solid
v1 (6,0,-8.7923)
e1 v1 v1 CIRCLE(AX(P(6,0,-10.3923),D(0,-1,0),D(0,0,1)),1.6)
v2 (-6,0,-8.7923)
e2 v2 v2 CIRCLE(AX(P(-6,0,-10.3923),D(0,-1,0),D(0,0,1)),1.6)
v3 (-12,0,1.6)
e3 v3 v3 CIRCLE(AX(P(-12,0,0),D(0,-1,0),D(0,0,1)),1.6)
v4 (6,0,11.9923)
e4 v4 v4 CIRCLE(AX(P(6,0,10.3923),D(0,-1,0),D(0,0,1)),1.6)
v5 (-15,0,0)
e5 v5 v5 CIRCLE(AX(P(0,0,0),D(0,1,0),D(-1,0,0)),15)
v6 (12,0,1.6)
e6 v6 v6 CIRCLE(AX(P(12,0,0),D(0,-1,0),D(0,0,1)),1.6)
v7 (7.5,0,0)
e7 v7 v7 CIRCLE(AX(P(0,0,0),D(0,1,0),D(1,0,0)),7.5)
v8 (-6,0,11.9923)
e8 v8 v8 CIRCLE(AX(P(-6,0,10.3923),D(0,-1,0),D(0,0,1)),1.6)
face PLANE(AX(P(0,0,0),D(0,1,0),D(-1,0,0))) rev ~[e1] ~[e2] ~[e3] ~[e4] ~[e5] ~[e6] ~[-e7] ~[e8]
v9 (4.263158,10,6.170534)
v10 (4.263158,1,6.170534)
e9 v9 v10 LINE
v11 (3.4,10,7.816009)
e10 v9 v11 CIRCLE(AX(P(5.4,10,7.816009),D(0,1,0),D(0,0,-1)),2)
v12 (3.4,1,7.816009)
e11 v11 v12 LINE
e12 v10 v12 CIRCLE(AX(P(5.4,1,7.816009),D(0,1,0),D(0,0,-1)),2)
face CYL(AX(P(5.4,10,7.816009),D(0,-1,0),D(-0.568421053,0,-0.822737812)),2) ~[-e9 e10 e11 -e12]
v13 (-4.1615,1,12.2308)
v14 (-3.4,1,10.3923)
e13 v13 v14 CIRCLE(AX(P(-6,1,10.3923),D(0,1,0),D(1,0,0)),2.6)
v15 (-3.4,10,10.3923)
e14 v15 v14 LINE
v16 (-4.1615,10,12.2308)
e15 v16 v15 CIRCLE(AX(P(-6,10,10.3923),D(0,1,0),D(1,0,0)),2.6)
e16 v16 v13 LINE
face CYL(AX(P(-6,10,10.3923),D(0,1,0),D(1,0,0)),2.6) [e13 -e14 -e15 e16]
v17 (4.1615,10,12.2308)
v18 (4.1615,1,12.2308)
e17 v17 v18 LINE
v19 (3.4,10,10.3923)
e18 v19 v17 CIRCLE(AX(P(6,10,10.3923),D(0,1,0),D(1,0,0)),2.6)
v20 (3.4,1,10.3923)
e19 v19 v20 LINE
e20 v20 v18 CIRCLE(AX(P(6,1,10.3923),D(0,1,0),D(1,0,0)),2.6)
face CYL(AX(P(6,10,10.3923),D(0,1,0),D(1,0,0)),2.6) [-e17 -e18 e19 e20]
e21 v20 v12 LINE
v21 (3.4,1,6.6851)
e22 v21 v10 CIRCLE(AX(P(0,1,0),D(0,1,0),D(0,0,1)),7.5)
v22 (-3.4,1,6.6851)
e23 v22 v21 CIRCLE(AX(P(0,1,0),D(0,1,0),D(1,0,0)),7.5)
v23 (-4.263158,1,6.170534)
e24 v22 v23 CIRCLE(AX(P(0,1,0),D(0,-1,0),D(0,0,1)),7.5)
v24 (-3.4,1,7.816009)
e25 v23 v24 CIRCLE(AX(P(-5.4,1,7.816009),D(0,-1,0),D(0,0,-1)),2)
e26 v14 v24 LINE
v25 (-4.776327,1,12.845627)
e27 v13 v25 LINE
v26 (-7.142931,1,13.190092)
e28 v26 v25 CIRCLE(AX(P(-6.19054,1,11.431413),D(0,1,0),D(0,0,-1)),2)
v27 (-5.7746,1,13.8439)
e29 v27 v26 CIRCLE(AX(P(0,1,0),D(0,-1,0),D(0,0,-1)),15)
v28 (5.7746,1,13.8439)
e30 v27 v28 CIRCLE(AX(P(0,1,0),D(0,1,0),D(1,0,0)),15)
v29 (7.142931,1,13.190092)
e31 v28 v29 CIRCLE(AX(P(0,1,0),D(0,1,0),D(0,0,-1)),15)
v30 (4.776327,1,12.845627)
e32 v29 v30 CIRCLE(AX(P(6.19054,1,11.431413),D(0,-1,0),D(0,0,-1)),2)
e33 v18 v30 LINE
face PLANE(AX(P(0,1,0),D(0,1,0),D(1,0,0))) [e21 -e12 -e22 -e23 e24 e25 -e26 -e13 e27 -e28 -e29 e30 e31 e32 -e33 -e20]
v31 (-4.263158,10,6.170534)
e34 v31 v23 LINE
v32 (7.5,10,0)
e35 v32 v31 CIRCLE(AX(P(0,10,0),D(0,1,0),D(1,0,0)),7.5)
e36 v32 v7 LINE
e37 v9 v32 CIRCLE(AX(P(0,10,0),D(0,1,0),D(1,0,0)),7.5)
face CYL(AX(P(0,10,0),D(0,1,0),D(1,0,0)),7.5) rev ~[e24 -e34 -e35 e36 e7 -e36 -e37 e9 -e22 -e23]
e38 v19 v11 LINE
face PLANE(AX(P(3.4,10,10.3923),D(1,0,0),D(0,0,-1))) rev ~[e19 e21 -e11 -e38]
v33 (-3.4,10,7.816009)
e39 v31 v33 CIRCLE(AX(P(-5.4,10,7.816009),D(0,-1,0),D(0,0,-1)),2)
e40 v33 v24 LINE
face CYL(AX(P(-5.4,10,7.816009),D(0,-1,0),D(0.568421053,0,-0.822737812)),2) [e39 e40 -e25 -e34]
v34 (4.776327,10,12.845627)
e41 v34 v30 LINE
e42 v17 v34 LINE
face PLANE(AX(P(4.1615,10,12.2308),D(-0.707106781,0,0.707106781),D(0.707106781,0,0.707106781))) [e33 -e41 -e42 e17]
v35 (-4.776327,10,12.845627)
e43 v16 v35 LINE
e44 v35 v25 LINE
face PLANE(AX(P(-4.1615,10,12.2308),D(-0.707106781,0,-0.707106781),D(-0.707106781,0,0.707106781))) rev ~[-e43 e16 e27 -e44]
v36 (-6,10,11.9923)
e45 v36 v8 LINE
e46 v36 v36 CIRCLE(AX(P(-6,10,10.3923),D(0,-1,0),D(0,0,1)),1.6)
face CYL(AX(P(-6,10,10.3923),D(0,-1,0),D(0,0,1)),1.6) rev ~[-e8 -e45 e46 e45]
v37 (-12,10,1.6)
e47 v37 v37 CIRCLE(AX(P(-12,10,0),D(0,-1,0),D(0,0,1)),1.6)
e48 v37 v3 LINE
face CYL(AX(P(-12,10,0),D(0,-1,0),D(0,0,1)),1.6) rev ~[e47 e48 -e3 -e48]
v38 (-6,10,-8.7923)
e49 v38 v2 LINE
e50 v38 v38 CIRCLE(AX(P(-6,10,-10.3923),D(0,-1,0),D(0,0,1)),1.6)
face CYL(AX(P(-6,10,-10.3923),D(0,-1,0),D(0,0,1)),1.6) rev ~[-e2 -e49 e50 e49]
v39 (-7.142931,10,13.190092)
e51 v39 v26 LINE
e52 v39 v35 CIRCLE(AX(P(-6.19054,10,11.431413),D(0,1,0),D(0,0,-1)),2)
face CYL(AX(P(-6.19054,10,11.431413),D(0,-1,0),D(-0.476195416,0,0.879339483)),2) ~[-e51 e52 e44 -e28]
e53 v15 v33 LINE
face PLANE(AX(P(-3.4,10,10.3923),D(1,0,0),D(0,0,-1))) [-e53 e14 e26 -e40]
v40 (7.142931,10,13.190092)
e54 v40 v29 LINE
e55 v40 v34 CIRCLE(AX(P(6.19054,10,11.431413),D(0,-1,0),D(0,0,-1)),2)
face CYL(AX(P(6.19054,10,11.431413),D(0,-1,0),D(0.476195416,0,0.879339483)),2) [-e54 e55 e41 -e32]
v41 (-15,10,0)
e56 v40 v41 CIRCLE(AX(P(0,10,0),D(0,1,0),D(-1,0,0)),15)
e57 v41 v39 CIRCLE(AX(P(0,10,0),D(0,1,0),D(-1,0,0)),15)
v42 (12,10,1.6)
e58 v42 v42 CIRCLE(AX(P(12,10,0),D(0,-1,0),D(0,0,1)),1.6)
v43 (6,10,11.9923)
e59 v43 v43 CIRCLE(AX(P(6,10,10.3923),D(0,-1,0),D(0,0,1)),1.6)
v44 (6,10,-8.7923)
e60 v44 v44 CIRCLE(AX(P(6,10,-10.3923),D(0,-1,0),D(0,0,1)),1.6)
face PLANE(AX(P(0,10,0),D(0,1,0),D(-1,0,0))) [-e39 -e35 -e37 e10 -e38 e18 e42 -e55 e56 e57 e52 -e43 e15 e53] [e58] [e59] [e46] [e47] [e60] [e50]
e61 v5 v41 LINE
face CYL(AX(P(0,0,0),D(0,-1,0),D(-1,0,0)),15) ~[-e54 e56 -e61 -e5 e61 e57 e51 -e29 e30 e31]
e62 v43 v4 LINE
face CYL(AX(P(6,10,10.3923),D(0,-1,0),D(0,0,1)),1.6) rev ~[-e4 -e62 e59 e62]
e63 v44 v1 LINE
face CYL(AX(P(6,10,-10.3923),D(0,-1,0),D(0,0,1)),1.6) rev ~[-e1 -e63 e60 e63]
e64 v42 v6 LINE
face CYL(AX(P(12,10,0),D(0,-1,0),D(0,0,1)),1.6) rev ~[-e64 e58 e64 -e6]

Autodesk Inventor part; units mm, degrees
ref_plane "YZ Plane" through (0, 0, 0) normal (1, 0, 0) x (0, 1, 0)
ref_plane "XZ Plane" through (0, 0, 0) normal (0, 1, 0) x (-1, 0, 0)
ref_plane "XY Plane" through (0, 0, 0) normal (0, 0, 1) x (1, 0, 0)
sketch "スケッチ1" plane through (0, 0, 0) normal (0, 1, 0) x (-1, 0, 0)
  circle A0 centre (0, 0) radius 15
  dimension "d0" = 30
extrude "押し出し1" add sketch "スケッチ1" along normal blind 10
sketch "スケッチ2" plane through (0, 10, 0) normal (0, 1, 0) x (1, 0, 0)
  circle A0 centre (0, 0) radius 12
  point P0 (-12, 0)
  point P1 (-6, -10.3923)
  point P2 (6, -10.3923)
  point P3 (12, 0)
  point P4 (6, 10.3923)
  point P5 (-6, 10.3923)
  dimension "d3" = 24
  dimension "d6" = 360
hole "穴1" at (-12, 10, 0) at (-6, 10, 10.3923) at (6, 10, 10.3923) at (12, 10, 0) at (6, 10, -10.3923) at (-6, 10, -10.3923) direction (0, -1, 0) diameter 3.2 end through all
sketch "スケッチ3" plane through (0, 10, 0) normal (0, 1, 0) x (1, 0, 0)
  circle A0 centre (0, 0) radius 7.5
  dimension "d15" = 15
extrude "押し出し2" cut sketch "スケッチ3" against normal blind 10
sketch "スケッチ4" plane through (0, 10, 0) normal (0, 1, 0) x (1, 0, 0)
  circle A0 centre (-6, -10.3923) radius 1.6 projected
  circle A1 centre (6, -10.3923) radius 1.6 projected
  line L0 (-6, -10.3923) -> (6, -10.3923)
  circle A2 centre (-6, -10.3923) radius 2.6
  circle A3 centre (6, -10.3923) radius 2.6
  line L1 (-3.4, -10.3923) -> (-3.4, -6.6851)
  circle A4 centre (0, 0) radius 7.5 projected
  line L2 (3.4, -10.3923) -> (3.4, -6.6851)
  line L3 (-4.1615, -12.2308) -> (-5.7746, -13.8439)
  circle A5 centre (0, 0) radius 15 projected
  line L4 (4.1615, -12.2308) -> (5.7746, -13.8439)
  line L5 (-15, 0) -> (0, 0)
  circle A6 centre (-6, 10.3923) radius 2.6
  circle A7 centre (6, 10.3923) radius 2.6
  line L6 (-3.4, 10.3923) -> (-3.4, 6.6851)
  line L7 (3.4, 10.3923) -> (3.4, 6.6851)
  line L8 (-4.1615, 12.2308) -> (-5.7746, 13.8439)
  line L9 (4.1615, 12.2308) -> (5.7746, 13.8439)
  circle A8 centre (0, 0) radius 7.5
  circle A9 centre (0, 0) radius 15
  dimension "d18" = 1
  dimension "d19" = 1
  dimension "d20" = 135
extrude "押し出し3" cut sketch "スケッチ4" against normal blind 9 contours L1 A4 L2 L0 | L0 A3 L4 A5 L3 A2
fillet "フィレット1" radius 2 4 edges at (-3.4, 5.5, 6.6851) (3.4, 5.5, 6.6851) (-5.7746, 5.5, 13.8439) (5.7746, 5.5, 13.8439)
properties part number "servoplate_forR2_2" material "アルミニウム 6061"
